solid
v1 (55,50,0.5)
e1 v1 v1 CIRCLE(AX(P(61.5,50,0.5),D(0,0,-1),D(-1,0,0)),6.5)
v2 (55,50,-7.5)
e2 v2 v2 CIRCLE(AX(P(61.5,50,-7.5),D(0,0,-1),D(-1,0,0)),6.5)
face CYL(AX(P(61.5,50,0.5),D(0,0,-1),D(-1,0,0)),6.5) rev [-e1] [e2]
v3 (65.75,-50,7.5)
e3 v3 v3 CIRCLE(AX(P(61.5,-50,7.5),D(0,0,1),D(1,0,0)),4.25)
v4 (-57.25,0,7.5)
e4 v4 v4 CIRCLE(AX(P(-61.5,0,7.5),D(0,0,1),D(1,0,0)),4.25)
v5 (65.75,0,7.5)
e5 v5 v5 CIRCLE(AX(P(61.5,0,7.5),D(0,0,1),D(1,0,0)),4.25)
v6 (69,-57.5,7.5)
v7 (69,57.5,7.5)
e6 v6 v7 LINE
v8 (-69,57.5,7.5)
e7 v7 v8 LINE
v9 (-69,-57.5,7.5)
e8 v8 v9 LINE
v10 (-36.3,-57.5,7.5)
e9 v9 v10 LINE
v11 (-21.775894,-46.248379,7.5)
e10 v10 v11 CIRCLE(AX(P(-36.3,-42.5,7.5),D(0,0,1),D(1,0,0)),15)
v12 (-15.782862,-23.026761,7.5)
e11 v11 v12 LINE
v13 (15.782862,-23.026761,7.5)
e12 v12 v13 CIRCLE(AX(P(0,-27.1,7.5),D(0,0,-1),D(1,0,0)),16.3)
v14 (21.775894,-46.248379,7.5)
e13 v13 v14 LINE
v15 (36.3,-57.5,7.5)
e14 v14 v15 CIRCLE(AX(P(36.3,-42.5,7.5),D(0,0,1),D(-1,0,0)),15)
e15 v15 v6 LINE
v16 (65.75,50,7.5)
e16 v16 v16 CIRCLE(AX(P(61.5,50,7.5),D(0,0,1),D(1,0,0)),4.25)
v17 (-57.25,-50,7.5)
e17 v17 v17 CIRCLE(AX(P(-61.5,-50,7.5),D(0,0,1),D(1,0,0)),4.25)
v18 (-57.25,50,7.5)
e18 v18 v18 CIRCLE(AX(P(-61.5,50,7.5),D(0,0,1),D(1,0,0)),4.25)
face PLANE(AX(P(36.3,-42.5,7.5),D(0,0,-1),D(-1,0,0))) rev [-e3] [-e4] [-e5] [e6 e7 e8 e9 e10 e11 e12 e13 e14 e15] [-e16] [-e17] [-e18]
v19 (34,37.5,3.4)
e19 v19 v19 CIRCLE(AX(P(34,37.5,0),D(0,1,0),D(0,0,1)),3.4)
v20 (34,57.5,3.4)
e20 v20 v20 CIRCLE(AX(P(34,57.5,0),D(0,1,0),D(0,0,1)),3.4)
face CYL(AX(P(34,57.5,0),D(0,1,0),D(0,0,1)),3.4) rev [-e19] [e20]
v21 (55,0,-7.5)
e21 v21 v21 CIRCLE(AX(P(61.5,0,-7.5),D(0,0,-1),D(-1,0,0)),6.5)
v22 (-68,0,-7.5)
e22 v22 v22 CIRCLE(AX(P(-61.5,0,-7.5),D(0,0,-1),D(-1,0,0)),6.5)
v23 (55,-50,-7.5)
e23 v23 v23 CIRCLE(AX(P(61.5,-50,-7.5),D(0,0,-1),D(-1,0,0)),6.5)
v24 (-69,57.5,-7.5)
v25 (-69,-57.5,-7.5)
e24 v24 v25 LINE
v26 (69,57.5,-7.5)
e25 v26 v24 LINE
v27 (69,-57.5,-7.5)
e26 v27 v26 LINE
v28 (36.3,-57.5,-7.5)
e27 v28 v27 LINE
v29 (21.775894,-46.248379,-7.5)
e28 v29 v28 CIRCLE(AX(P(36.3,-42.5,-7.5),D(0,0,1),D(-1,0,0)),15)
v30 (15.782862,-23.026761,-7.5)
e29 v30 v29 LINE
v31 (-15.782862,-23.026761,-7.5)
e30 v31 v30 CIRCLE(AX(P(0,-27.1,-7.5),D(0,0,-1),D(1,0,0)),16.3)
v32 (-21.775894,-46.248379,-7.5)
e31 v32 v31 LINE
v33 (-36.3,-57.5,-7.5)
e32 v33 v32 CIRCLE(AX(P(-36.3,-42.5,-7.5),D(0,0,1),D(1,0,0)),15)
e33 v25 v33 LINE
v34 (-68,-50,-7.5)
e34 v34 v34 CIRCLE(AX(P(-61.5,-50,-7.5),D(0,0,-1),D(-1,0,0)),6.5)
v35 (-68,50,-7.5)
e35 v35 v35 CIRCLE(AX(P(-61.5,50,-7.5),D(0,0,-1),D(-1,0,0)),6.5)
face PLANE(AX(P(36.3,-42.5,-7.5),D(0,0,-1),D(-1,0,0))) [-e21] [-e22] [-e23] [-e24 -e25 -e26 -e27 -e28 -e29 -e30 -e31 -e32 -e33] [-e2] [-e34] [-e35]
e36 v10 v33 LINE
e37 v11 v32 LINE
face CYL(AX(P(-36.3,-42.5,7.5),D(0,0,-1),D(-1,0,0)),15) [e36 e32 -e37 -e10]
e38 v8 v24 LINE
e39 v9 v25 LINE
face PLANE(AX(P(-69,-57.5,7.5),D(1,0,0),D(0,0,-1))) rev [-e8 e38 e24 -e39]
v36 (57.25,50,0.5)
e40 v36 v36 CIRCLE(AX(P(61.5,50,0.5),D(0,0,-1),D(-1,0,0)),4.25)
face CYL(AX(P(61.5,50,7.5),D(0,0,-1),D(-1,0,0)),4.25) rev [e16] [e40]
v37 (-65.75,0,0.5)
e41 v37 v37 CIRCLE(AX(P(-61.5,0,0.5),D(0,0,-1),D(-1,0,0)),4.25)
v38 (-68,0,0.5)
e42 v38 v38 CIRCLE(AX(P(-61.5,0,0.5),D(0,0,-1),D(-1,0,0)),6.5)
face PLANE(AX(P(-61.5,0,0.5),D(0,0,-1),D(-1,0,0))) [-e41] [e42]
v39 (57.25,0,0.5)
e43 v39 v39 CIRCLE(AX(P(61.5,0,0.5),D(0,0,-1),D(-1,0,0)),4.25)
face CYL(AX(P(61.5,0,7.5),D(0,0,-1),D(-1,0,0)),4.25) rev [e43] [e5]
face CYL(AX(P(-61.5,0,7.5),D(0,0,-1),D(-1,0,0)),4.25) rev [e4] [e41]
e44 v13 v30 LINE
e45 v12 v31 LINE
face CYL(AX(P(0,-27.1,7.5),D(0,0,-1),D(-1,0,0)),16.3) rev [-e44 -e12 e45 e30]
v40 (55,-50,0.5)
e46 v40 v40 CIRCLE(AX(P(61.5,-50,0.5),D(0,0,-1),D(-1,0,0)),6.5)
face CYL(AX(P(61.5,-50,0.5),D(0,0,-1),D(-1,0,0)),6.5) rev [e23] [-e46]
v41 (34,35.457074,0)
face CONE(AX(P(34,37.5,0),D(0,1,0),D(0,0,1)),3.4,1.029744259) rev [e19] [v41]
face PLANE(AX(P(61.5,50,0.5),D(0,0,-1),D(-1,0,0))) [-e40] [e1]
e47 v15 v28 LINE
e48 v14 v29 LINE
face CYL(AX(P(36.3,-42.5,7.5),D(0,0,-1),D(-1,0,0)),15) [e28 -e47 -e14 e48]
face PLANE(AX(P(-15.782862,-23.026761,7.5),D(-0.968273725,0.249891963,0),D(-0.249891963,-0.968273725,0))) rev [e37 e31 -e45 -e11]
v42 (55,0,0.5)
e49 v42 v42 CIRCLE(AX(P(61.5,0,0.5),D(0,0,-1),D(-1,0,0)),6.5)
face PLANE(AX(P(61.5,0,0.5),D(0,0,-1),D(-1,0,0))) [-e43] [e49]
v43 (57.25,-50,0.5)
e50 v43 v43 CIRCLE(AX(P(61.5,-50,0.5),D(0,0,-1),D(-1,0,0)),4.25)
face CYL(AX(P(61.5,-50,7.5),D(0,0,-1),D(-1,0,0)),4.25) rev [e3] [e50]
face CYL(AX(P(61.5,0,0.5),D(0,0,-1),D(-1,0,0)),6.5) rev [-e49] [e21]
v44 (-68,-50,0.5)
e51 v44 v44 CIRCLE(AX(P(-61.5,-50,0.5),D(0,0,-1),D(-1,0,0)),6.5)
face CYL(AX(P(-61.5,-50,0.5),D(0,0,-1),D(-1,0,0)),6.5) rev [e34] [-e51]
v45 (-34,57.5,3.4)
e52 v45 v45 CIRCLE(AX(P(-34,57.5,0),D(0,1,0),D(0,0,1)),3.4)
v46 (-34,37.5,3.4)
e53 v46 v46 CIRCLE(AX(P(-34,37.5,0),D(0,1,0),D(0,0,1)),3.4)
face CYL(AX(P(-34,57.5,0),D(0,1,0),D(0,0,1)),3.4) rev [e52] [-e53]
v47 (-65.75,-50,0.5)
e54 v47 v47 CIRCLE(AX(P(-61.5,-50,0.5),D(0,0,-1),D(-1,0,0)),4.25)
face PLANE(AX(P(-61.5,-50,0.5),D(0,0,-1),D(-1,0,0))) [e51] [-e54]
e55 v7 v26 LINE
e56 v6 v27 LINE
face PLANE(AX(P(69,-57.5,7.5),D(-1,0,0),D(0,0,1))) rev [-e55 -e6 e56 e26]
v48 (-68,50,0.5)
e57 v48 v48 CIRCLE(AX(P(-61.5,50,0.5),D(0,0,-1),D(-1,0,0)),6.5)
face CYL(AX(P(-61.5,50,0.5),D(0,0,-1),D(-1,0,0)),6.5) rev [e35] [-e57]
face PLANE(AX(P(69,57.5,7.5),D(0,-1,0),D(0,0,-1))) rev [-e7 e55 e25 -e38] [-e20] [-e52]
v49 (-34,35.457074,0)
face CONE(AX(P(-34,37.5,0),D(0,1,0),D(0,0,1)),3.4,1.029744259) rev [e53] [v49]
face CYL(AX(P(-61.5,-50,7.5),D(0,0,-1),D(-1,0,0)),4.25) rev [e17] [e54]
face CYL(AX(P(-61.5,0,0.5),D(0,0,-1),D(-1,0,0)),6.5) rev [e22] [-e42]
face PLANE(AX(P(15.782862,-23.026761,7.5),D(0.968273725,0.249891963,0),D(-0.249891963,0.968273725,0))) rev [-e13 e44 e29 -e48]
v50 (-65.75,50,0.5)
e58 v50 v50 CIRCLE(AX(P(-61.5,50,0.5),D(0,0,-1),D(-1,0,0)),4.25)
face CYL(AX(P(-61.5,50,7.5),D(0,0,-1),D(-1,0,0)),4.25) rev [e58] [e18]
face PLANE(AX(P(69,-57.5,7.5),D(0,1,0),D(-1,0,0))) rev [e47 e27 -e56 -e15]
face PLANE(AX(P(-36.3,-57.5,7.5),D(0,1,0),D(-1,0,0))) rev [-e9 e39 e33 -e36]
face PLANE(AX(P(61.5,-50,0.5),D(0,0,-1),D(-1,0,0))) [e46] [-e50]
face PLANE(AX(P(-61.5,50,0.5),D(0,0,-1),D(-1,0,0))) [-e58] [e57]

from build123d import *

# Parameters (mm, degrees)
CROQUIS1_R                = 4.25
SALIENTE_EXTRUIR1_DEPTH   = 7.5
CROQUIS2_R                = 6.5
CORTAR_EXTRUIR1_DEPTH     = 8
TALADRO_ROSCADO_M81_D     = 6.8
TALADRO_ROSCADO_M81_DEPTH = 20
TALADRO_ROSCADO_M81_TIP   = 2.042926105


with BuildPart() as part:
    # Croquis1 → Saliente-Extruir1 (new body, symmetric)
    with BuildSketch(Plane.XY):
        with BuildLine():
            Line((69, -57.5), (36.3, -57.5))
            ThreePointArc((36.3, -57.5), (27.113751898, -54.358028749), (21.775894122, -46.248379441))
            Line((21.775894122, -46.248379441), (15.782861721, -23.026761008))
            ThreePointArc((15.782861721, -23.026761008), (0, -10.8), (-15.782861721, -23.026761008))
            Line((-15.782861721, -23.026761008), (-21.775894122, -46.248379441))
            ThreePointArc((-21.775894122, -46.248379441), (-27.113751898, -54.358028749), (-36.3, -57.5))
            Line((-36.3, -57.5), (-69, -57.5))
            Line((-69, -57.5), (-69, 57.5))
            Line((-69, 57.5), (69, 57.5))
            Line((69, 57.5), (69, -57.5))
        make_face()
        with Locations((-61.5, 50)):
            Circle(CROQUIS1_R, mode=Mode.SUBTRACT)
        with Locations((-61.5, 0)):
            Circle(CROQUIS1_R, mode=Mode.SUBTRACT)
        with Locations((-61.5, -50)):
            Circle(CROQUIS1_R, mode=Mode.SUBTRACT)
        with Locations((61.5, 50)):
            Circle(CROQUIS1_R, mode=Mode.SUBTRACT)
        with Locations((61.5, 0)):
            Circle(CROQUIS1_R, mode=Mode.SUBTRACT)
        with Locations((61.5, -50)):
            Circle(CROQUIS1_R, mode=Mode.SUBTRACT)
    extrude(amount=SALIENTE_EXTRUIR1_DEPTH, both=True)

    # Croquis2 → Cortar-Extruir1 (cut)
    with BuildSketch(Plane(origin=(0, 0, -7.5), x_dir=(-1, 0, 0), z_dir=(0, 0, -1))):
        with Locations((-61.5, 50)):
            Circle(CROQUIS2_R)
        with Locations((-61.5, 0)):
            Circle(CROQUIS2_R)
        with Locations((-61.5, -50)):
            Circle(CROQUIS2_R)
        with Locations((61.5, 50)):
            Circle(CROQUIS2_R)
        with Locations((61.5, 0)):
            Circle(CROQUIS2_R)
        with Locations((61.5, -50)):
            Circle(CROQUIS2_R)
    extrude(amount=-CORTAR_EXTRUIR1_DEPTH, mode=Mode.SUBTRACT)

    # Taladro roscado M81
    with Locations(Plane(origin=(0, 57.5, 0), x_dir=(-1, 0, 0), z_dir=(0, 1, 0))):
        with Locations((34, 0), (-34, 0)):
            Hole(TALADRO_ROSCADO_M81_D / 2, depth=TALADRO_ROSCADO_M81_DEPTH)
            with Locations((0, 0, -(TALADRO_ROSCADO_M81_DEPTH + TALADRO_ROSCADO_M81_TIP / 2))):  # 118° drill point
                Cone(0, TALADRO_ROSCADO_M81_D / 2, TALADRO_ROSCADO_M81_TIP, mode=Mode.SUBTRACT)


solid = part.part
